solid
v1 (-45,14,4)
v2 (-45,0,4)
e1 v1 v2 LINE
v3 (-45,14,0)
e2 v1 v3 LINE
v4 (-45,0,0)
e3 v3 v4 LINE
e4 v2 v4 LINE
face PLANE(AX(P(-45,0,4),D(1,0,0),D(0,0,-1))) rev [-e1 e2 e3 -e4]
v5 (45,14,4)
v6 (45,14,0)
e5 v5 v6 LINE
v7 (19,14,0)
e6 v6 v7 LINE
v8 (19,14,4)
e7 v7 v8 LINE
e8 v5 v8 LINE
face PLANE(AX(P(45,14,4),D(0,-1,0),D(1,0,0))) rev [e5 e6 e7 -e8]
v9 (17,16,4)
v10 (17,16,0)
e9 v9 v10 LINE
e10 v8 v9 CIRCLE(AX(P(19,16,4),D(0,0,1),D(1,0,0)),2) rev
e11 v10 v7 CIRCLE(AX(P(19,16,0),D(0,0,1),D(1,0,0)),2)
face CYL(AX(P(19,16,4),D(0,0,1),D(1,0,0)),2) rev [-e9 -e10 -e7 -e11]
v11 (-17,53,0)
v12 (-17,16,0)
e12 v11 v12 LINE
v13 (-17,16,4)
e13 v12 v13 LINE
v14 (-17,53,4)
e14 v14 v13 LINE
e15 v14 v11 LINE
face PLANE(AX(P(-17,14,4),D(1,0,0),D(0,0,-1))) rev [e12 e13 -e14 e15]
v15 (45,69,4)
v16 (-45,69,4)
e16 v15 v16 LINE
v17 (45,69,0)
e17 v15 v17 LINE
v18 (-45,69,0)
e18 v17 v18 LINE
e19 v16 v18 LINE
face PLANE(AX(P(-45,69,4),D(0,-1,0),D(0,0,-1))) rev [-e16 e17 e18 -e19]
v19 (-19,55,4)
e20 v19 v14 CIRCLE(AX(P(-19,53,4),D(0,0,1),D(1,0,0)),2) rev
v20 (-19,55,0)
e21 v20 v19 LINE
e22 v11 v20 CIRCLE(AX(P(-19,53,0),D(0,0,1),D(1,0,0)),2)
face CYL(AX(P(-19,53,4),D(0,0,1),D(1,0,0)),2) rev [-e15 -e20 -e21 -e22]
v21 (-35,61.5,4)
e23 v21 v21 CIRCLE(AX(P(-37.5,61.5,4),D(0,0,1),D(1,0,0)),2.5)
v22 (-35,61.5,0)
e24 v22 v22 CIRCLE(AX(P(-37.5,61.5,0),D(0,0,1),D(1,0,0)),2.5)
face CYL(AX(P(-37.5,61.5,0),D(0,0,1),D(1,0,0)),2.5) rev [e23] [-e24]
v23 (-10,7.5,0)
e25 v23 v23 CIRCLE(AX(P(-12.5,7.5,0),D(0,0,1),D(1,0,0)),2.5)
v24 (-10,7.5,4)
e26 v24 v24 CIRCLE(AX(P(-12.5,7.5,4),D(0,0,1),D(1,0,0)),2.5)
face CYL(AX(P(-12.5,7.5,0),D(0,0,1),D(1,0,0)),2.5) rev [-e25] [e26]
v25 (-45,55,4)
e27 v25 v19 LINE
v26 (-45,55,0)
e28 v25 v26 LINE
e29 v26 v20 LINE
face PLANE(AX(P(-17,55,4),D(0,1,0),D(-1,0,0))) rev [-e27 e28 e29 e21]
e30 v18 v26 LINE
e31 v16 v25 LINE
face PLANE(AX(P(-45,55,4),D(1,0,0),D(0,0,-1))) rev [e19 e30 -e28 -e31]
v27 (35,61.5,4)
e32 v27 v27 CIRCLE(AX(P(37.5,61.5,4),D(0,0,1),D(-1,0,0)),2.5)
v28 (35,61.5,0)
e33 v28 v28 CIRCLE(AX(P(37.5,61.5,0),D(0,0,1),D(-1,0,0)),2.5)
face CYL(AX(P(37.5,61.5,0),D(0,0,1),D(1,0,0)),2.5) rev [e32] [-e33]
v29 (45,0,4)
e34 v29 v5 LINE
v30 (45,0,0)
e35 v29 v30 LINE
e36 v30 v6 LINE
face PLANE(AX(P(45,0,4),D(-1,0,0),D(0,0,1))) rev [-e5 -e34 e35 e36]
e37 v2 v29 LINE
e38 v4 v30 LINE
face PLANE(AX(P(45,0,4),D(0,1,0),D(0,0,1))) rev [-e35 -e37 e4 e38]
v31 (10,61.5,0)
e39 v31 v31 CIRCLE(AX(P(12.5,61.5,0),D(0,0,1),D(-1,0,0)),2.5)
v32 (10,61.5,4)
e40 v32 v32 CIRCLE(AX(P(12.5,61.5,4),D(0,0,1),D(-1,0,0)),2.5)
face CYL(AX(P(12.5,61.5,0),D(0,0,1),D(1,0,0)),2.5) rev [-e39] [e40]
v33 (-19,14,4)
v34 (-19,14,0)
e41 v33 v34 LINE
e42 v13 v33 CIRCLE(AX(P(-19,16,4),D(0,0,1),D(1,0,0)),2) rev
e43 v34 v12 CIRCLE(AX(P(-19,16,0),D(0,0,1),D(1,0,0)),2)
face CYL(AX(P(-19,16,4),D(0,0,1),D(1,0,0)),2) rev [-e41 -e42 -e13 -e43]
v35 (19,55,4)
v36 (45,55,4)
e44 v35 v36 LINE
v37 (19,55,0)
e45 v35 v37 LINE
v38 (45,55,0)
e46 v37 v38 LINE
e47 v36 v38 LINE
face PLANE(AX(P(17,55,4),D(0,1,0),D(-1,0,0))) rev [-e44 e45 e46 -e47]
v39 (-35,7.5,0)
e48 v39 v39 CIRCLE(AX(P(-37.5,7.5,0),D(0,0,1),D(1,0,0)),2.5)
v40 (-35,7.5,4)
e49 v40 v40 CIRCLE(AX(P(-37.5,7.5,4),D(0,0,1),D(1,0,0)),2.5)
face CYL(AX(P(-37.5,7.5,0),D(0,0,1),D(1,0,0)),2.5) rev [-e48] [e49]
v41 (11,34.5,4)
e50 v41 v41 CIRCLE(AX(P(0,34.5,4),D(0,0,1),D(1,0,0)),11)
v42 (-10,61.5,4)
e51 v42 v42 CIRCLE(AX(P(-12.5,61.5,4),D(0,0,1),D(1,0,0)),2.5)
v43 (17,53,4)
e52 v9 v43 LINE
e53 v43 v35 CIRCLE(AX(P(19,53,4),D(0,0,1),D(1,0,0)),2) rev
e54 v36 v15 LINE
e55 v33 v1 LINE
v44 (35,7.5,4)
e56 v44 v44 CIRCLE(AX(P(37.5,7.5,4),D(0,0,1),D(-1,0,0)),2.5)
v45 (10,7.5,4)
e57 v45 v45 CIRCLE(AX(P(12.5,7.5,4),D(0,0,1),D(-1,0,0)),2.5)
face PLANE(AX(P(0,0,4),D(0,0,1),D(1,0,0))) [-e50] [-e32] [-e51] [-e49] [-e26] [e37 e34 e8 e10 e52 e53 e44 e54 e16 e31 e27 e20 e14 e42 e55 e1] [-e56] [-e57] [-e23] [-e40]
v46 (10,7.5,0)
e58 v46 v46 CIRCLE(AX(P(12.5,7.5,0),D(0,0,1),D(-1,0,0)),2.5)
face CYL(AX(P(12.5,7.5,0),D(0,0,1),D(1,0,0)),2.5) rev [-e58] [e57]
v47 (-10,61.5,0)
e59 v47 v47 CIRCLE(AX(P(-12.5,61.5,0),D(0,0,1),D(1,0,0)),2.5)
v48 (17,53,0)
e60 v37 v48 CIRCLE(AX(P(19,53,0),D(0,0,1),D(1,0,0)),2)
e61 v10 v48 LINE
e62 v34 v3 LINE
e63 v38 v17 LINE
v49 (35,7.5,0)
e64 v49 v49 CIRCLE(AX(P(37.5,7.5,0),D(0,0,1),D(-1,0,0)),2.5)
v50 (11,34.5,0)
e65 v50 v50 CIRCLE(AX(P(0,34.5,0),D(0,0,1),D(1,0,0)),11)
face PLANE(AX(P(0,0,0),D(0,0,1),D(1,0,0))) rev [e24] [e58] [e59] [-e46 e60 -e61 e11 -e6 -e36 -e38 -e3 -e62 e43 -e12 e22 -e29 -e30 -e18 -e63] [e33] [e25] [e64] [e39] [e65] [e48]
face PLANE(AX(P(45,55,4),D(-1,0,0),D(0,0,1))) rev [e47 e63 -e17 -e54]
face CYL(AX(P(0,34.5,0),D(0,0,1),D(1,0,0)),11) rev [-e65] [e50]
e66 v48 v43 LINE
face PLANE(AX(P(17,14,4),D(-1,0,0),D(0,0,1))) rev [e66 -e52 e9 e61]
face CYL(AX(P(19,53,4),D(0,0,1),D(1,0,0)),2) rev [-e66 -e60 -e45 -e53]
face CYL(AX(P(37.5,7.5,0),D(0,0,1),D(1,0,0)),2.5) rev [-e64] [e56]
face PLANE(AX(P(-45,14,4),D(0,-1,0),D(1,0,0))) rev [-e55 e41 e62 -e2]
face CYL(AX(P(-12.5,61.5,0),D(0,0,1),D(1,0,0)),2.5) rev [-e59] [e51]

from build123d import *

# Parameters (mm, degrees)
EXTRUDE_1_DEPTH     = 4
FILLET_1_R          = 2
SKETCH_2_R          = 2.5
CUT_EXTRUDE_1_DEPTH = 83.474238402
SKETCH_3_R          = 11
CUT_EXTRUDE_2_DEPTH = 83.474238402


with BuildPart() as part:
    # 草图1 → 凸台-拉伸1 (new body)
    with BuildSketch(Plane.XY):
        Polygon((45, 0), (-45, 0), (-45, 14), (-17, 14), (-17, 55), (-45, 55), (-45, 69), (45, 69), (45, 55), (17, 55), (17, 14), (45, 14), align=None)
    extrude(amount=EXTRUDE_1_DEPTH)

    # 圆角1
    fillet_1_edges = [part.edges().sort_by_distance(p)[0] for p in [
        (-17, 14, 2),
        (-17, 55, 2),
        (17, 55, 2),
        (17, 14, 2),
    ]]
    fillet(fillet_1_edges, radius=FILLET_1_R)

    # 草图2 → 切除-拉伸1 (cut, through all)
    with BuildSketch(Plane.XY.offset(4)):
        with Locations((-37.5, 61.5)):
            Circle(SKETCH_2_R)
        with Locations(Location((37.5, 61.5, 0), (0, 0, 180))):
            Circle(SKETCH_2_R)
        with Locations((-12.5, 61.5)):
            Circle(SKETCH_2_R)
        with Locations(Location((12.5, 61.5, 0), (0, 0, 180))):
            Circle(SKETCH_2_R)
        with Locations((-37.5, 7.5)):
            Circle(SKETCH_2_R)
        with Locations(Location((37.5, 7.5, 0), (0, 0, 180))):
            Circle(SKETCH_2_R)
        with Locations((-12.5, 7.5)):
            Circle(SKETCH_2_R)
        with Locations(Location((12.5, 7.5, 0), (0, 0, 180))):
            Circle(SKETCH_2_R)
    extrude(amount=-CUT_EXTRUDE_1_DEPTH, mode=Mode.SUBTRACT)

    # 草图3 → 切除-拉伸2 (cut, through all)
    with BuildSketch(Plane.XY.offset(4)):
        with Locations((0, 34.5)):
            Circle(SKETCH_3_R)
    extrude(amount=-CUT_EXTRUDE_2_DEPTH, mode=Mode.SUBTRACT)


solid = part.part
